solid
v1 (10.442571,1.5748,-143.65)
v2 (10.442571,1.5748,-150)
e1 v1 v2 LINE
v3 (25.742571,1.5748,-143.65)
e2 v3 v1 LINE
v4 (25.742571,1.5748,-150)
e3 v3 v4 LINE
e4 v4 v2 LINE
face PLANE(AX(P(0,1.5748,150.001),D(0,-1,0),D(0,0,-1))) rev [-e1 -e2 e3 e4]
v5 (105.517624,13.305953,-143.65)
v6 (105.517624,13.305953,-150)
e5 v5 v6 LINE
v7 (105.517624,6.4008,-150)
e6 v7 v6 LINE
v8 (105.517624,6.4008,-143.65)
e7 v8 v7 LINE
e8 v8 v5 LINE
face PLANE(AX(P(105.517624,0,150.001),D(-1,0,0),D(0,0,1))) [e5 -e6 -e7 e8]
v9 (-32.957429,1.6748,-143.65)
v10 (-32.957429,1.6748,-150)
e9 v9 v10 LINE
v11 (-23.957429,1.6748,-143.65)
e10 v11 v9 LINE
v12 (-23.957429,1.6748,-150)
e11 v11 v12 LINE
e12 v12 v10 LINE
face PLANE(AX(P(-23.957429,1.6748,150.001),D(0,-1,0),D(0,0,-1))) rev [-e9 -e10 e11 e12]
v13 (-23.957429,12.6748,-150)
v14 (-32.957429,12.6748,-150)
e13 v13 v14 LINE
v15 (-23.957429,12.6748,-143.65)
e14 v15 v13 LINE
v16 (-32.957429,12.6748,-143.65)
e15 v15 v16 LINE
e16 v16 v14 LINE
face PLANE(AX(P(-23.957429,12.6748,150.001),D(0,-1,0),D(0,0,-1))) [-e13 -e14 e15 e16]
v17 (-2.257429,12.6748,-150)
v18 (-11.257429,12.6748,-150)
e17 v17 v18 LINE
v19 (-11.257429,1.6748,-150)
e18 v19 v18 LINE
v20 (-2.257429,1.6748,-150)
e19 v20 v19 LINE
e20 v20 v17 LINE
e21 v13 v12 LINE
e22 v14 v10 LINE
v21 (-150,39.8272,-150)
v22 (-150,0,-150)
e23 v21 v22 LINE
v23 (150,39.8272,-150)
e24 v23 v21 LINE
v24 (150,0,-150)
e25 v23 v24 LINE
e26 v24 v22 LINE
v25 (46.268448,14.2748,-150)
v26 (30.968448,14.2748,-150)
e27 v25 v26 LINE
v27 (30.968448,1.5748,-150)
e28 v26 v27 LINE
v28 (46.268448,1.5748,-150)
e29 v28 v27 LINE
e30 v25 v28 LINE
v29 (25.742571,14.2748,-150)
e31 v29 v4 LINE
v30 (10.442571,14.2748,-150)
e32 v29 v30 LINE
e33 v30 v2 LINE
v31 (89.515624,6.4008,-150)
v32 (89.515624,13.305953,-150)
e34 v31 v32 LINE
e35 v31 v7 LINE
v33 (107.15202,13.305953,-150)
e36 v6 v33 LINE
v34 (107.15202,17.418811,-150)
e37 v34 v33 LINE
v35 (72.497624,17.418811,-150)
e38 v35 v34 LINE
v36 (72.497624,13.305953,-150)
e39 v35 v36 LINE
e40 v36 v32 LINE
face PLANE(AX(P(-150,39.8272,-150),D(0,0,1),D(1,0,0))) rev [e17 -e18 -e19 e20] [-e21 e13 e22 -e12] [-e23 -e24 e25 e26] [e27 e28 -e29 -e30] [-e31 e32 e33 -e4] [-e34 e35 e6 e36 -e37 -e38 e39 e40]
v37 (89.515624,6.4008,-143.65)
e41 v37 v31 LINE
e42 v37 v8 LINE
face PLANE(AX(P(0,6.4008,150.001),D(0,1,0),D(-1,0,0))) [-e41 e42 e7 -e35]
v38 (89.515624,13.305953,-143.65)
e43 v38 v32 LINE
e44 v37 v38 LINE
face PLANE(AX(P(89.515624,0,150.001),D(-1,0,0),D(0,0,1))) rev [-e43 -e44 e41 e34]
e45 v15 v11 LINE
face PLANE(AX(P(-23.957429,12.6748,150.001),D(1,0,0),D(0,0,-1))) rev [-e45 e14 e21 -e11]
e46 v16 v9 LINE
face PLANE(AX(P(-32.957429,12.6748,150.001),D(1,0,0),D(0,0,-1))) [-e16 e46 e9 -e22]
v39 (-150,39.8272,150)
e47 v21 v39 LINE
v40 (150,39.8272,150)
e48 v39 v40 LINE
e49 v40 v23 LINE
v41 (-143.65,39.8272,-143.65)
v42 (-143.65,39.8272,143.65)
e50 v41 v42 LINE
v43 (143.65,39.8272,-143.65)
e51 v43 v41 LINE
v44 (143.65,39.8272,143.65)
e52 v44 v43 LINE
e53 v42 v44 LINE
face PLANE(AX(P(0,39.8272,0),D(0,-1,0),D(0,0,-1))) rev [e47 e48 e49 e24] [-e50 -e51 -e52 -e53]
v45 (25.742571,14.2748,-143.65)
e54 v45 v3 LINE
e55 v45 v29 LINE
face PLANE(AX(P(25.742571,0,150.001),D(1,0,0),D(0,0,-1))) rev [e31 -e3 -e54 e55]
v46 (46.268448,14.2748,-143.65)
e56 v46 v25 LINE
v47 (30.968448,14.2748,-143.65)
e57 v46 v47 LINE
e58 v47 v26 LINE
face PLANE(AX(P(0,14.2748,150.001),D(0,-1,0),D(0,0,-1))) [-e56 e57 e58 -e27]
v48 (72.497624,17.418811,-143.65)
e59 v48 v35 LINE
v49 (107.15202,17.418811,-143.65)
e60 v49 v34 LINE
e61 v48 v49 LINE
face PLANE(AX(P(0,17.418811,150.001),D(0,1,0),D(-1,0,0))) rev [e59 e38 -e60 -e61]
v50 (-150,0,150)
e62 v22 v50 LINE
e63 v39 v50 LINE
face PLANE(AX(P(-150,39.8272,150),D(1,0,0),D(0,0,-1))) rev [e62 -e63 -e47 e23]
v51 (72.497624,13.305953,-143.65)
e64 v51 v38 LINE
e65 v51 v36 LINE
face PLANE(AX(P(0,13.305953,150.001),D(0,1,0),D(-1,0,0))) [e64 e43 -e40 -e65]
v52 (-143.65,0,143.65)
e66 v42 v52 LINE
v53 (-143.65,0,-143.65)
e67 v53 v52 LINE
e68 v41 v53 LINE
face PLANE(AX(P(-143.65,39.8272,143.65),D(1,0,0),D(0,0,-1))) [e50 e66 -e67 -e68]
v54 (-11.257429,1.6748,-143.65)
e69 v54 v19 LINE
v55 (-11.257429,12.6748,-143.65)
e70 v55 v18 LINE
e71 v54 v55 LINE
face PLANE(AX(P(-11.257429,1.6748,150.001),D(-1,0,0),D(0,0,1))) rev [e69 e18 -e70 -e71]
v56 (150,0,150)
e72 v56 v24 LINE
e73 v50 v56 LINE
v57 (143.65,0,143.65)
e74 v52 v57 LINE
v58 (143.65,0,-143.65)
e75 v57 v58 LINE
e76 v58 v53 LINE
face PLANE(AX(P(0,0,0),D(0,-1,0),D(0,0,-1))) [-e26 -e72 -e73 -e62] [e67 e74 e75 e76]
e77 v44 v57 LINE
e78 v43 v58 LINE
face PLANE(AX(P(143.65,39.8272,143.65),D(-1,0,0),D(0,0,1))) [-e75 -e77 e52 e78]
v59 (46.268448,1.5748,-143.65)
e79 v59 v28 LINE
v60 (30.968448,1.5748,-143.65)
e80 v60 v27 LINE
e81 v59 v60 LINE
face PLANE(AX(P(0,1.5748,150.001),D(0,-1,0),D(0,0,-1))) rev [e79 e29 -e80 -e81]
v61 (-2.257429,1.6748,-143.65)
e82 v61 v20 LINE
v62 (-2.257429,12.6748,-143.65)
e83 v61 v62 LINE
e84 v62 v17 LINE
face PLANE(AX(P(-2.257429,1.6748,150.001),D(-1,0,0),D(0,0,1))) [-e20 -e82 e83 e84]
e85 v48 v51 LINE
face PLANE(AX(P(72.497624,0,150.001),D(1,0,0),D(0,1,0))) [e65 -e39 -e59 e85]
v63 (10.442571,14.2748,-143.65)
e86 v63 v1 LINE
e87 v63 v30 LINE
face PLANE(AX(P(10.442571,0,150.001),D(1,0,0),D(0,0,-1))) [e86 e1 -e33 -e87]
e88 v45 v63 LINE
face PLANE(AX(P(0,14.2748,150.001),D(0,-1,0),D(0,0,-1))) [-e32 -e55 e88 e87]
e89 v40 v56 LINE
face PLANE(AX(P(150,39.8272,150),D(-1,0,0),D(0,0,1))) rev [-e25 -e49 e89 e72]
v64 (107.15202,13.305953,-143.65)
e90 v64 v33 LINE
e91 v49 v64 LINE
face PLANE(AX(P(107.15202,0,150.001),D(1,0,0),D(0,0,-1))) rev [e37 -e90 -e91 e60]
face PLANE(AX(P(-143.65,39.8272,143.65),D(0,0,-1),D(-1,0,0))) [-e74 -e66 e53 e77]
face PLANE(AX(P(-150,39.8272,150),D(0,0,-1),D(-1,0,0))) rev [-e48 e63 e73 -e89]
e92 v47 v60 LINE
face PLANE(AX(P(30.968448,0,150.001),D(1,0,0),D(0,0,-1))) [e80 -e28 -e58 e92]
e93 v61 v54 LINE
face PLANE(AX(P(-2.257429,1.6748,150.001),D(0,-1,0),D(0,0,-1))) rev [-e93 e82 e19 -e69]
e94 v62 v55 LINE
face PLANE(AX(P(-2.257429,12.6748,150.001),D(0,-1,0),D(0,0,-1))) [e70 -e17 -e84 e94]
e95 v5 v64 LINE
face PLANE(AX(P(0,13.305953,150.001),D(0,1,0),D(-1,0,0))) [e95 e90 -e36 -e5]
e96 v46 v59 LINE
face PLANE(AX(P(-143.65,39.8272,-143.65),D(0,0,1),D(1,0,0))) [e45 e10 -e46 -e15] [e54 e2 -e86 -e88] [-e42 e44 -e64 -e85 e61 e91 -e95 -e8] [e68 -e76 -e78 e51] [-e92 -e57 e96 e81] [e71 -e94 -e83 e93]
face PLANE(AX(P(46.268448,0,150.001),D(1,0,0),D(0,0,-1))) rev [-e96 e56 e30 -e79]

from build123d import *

# Parameters (mm, degrees)
SKETCH1_W           = 300
SKETCH1_H           = 300
SKETCH1_W_2         = 287.3
SKETCH1_H_2         = 287.3
BOSS_EXTRUDE1_DEPTH = 39.8272
CUT_EXTRUDE1_REACH  = 339.766
SKETCH3_W           = 15.3
SKETCH3_H           = 12.7
SKETCH3_W_2         = 9
SKETCH3_H_2         = 11


with BuildPart() as part:
    # Sketch1 → Boss-Extrude1 (new body)
    with BuildSketch(Plane(origin=(0, 0, 0), x_dir=(1, 0, 0), z_dir=(0, 1, 0))):
        Rectangle(SKETCH1_W, SKETCH1_H)
        Rectangle(SKETCH1_W_2, SKETCH1_H_2, mode=Mode.SUBTRACT)
    extrude(amount=BOSS_EXTRUDE1_DEPTH)

    # Sketch3 → Cut-Extrude1 (cut, up to next)
    with BuildSketch(Plane(origin=(0, 0, -150), x_dir=(-1, 0, 0), z_dir=(0, 0, -1)), mode=Mode.PRIVATE) as cut_extrude1_sk1:
        Polygon((-72.497624126, 13.305953258), (-72.497624126, 17.418810742), (-107.152019667, 17.418810742), (-107.152019667, 13.305953258), (-105.517624126, 13.305953258), (-105.517624126, 6.4008), (-89.515624126, 6.4008), (-89.515624126, 13.305953258), align=None)
    cut_extrude1_tool1 = extrude(cut_extrude1_sk1.sketch, amount=-CUT_EXTRUDE1_REACH, mode=Mode.PRIVATE) & part.part
    # Sketch3 → Cut-Extrude1 (cut, up to next)
    with BuildSketch(Plane(origin=(0, 0, -150), x_dir=(-1, 0, 0), z_dir=(0, 0, -1)), mode=Mode.PRIVATE) as cut_extrude1_sk2:
        with Locations((-38.618448478, 7.9248)):
            Rectangle(SKETCH3_W, SKETCH3_H)
    cut_extrude1_tool2 = extrude(cut_extrude1_sk2.sketch, amount=-CUT_EXTRUDE1_REACH, mode=Mode.PRIVATE) & part.part
    # Sketch3 → Cut-Extrude1 (cut, up to next)
    with BuildSketch(Plane(origin=(0, 0, -150), x_dir=(-1, 0, 0), z_dir=(0, 0, -1)), mode=Mode.PRIVATE) as cut_extrude1_sk3:
        with Locations((-18.092571078, 7.9248)):
            Rectangle(SKETCH3_W, SKETCH3_H)
    cut_extrude1_tool3 = extrude(cut_extrude1_sk3.sketch, amount=-CUT_EXTRUDE1_REACH, mode=Mode.PRIVATE) & part.part
    # Sketch3 → Cut-Extrude1 (cut, up to next)
    with BuildSketch(Plane(origin=(0, 0, -150), x_dir=(-1, 0, 0), z_dir=(0, 0, -1)), mode=Mode.PRIVATE) as cut_extrude1_sk4:
        with Locations((6.757428922, 7.1748)):
            Rectangle(SKETCH3_W_2, SKETCH3_H_2)
    cut_extrude1_tool4 = extrude(cut_extrude1_sk4.sketch, amount=-CUT_EXTRUDE1_REACH, mode=Mode.PRIVATE) & part.part
    # Sketch3 → Cut-Extrude1 (cut, up to next)
    with BuildSketch(Plane(origin=(0, 0, -150), x_dir=(-1, 0, 0), z_dir=(0, 0, -1)), mode=Mode.PRIVATE) as cut_extrude1_sk5:
        with Locations((28.457428922, 7.1748)):
            Rectangle(SKETCH3_W_2, SKETCH3_H_2)
    cut_extrude1_tool5 = extrude(cut_extrude1_sk5.sketch, amount=-CUT_EXTRUDE1_REACH, mode=Mode.PRIVATE) & part.part
    add(cut_extrude1_tool1.solids().sort_by_distance((93.183841, 12.956593, -150))[0], mode=Mode.SUBTRACT)
    add(cut_extrude1_tool2.solids().sort_by_distance((38.618448, 7.9248, -150))[0], mode=Mode.SUBTRACT)
    add(cut_extrude1_tool3.solids().sort_by_distance((18.092571, 7.9248, -150))[0], mode=Mode.SUBTRACT)
    add(cut_extrude1_tool4.solids().sort_by_distance((-6.757429, 7.1748, -150))[0], mode=Mode.SUBTRACT)
    add(cut_extrude1_tool5.solids().sort_by_distance((-28.457429, 7.1748, -150))[0], mode=Mode.SUBTRACT)


solid = part.part
